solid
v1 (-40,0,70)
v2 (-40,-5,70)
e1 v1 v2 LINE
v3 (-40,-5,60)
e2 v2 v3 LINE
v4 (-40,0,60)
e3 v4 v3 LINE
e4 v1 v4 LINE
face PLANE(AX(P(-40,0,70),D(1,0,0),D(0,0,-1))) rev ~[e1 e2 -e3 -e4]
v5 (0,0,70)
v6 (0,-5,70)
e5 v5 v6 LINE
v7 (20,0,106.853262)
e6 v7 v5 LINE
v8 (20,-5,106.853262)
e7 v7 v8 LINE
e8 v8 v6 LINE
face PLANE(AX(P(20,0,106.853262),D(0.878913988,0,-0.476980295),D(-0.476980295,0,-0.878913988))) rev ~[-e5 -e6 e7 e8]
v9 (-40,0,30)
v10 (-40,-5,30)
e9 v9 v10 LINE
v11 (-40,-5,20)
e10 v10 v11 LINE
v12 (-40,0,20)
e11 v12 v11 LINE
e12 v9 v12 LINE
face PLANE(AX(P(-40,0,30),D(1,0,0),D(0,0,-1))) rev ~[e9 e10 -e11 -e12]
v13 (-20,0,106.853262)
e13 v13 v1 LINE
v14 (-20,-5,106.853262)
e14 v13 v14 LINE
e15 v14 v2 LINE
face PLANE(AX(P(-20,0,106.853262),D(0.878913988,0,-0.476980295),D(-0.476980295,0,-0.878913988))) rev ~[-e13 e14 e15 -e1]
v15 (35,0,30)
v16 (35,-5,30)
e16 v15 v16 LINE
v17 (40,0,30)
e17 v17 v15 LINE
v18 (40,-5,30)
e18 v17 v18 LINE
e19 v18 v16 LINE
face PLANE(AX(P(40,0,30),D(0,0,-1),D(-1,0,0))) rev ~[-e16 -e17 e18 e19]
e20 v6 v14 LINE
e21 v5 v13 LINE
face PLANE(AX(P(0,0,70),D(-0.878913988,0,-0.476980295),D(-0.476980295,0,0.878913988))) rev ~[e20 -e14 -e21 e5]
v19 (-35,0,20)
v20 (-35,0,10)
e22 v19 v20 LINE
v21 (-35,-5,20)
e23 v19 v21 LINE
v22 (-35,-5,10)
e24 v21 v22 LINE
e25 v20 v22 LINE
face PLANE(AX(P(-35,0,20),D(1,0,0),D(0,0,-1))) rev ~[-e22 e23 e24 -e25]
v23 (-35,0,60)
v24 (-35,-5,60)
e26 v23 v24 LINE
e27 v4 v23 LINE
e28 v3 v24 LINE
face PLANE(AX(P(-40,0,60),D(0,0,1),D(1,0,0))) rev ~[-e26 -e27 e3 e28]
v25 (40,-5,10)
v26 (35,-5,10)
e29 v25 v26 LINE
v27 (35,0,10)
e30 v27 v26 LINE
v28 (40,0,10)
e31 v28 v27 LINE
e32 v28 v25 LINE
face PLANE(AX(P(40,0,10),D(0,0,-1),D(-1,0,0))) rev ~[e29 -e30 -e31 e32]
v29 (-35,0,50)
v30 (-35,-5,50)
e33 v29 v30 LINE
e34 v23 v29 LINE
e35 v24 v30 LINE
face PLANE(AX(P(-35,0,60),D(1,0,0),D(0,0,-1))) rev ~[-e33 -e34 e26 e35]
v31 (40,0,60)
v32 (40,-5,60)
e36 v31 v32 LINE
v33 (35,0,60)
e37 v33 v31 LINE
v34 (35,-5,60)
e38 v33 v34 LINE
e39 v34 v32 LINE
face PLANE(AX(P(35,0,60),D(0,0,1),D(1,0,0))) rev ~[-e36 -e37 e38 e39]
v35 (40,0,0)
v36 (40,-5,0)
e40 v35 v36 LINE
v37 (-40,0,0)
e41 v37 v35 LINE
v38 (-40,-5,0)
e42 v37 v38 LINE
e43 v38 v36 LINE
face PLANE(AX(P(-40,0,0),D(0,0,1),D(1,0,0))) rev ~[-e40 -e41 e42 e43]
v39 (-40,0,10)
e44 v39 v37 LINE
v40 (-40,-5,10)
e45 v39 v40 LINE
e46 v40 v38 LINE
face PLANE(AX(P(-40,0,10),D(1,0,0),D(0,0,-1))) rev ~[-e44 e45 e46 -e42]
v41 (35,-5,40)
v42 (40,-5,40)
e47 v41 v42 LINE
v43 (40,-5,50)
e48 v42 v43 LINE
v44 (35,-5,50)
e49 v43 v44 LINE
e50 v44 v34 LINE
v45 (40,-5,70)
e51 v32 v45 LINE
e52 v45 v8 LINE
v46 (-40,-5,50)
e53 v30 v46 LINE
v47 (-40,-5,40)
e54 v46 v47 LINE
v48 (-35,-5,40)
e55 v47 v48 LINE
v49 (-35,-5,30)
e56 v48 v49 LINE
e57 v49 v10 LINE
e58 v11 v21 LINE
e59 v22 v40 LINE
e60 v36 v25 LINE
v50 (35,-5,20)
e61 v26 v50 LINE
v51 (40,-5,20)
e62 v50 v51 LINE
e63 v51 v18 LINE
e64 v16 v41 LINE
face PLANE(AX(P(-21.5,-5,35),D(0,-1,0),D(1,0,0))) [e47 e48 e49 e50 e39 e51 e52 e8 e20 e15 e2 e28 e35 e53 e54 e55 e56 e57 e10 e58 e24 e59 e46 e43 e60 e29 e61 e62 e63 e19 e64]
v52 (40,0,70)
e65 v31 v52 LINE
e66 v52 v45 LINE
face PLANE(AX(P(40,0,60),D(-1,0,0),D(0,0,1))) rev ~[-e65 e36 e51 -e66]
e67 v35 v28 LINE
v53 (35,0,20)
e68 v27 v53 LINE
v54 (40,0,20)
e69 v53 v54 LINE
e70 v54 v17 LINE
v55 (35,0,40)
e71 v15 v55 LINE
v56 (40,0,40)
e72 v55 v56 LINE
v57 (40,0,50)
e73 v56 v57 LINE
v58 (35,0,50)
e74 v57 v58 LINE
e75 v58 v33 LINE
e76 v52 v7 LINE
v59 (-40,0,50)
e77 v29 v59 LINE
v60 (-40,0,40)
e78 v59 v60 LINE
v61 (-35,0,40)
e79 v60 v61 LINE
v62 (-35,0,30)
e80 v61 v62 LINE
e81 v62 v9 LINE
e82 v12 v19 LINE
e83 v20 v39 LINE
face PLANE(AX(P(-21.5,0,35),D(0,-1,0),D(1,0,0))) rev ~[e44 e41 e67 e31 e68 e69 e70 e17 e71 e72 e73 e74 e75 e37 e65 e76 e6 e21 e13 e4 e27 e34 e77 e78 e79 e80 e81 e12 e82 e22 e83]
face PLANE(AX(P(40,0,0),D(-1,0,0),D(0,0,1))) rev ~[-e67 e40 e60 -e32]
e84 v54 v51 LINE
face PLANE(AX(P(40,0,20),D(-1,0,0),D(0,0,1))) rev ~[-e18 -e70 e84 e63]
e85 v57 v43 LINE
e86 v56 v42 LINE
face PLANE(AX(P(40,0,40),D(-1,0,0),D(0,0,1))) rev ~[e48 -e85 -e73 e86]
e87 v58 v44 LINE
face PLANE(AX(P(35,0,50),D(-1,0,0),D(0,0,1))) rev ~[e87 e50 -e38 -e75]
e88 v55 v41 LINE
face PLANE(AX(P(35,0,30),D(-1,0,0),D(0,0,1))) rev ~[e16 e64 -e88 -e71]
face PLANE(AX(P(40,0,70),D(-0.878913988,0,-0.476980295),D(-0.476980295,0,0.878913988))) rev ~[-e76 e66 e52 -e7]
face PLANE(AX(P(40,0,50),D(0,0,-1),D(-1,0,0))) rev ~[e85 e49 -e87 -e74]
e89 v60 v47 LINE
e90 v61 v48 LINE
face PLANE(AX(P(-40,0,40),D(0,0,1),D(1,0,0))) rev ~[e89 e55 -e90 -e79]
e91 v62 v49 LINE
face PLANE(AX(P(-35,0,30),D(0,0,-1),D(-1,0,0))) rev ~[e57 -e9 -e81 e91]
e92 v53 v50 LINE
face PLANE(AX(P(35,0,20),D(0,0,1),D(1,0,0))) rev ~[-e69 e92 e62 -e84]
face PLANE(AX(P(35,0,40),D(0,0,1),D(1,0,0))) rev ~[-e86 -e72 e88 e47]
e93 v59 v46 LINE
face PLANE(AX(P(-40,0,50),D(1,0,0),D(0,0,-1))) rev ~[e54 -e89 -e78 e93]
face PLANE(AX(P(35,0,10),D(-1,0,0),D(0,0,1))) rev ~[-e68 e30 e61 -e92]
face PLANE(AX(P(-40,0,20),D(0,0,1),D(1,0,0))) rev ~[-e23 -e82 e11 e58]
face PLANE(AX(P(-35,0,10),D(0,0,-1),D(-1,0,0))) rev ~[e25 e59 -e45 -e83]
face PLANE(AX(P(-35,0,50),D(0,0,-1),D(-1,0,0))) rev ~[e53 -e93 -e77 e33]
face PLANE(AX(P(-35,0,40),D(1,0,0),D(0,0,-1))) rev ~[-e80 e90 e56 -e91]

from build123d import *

# Parameters (mm, degrees)
F1_DEPTH = 5


with BuildPart() as f1:
    # F0 (on Front) → F1 (new body)
    with BuildSketch(Plane.XZ):
        Polygon((-40, 10), (-40, 0), (0, 0), (0, 70), (-40, 70), (-40, 60), (-35, 60), (-35, 50), (-40, 50), (-40, 40), (-35, 40), (-35, 30), (-40, 30), (-40, 20), (-35, 20), (-35, 10), align=None)
        Polygon((0, 70), (0, 0), (40, 0), (40, 10), (35, 10), (35, 20), (40, 20), (40, 30), (35, 30), (35, 40), (40, 40), (40, 50), (35, 50), (35, 60), (40, 60), (40, 70), align=None)
        Polygon((-40, 70), (0, 70), (-20, 106.853262), align=None)
        Polygon((20, 106.853262), (0, 70), (40, 70), align=None)
    extrude(amount=F1_DEPTH)


solid = f1.part
